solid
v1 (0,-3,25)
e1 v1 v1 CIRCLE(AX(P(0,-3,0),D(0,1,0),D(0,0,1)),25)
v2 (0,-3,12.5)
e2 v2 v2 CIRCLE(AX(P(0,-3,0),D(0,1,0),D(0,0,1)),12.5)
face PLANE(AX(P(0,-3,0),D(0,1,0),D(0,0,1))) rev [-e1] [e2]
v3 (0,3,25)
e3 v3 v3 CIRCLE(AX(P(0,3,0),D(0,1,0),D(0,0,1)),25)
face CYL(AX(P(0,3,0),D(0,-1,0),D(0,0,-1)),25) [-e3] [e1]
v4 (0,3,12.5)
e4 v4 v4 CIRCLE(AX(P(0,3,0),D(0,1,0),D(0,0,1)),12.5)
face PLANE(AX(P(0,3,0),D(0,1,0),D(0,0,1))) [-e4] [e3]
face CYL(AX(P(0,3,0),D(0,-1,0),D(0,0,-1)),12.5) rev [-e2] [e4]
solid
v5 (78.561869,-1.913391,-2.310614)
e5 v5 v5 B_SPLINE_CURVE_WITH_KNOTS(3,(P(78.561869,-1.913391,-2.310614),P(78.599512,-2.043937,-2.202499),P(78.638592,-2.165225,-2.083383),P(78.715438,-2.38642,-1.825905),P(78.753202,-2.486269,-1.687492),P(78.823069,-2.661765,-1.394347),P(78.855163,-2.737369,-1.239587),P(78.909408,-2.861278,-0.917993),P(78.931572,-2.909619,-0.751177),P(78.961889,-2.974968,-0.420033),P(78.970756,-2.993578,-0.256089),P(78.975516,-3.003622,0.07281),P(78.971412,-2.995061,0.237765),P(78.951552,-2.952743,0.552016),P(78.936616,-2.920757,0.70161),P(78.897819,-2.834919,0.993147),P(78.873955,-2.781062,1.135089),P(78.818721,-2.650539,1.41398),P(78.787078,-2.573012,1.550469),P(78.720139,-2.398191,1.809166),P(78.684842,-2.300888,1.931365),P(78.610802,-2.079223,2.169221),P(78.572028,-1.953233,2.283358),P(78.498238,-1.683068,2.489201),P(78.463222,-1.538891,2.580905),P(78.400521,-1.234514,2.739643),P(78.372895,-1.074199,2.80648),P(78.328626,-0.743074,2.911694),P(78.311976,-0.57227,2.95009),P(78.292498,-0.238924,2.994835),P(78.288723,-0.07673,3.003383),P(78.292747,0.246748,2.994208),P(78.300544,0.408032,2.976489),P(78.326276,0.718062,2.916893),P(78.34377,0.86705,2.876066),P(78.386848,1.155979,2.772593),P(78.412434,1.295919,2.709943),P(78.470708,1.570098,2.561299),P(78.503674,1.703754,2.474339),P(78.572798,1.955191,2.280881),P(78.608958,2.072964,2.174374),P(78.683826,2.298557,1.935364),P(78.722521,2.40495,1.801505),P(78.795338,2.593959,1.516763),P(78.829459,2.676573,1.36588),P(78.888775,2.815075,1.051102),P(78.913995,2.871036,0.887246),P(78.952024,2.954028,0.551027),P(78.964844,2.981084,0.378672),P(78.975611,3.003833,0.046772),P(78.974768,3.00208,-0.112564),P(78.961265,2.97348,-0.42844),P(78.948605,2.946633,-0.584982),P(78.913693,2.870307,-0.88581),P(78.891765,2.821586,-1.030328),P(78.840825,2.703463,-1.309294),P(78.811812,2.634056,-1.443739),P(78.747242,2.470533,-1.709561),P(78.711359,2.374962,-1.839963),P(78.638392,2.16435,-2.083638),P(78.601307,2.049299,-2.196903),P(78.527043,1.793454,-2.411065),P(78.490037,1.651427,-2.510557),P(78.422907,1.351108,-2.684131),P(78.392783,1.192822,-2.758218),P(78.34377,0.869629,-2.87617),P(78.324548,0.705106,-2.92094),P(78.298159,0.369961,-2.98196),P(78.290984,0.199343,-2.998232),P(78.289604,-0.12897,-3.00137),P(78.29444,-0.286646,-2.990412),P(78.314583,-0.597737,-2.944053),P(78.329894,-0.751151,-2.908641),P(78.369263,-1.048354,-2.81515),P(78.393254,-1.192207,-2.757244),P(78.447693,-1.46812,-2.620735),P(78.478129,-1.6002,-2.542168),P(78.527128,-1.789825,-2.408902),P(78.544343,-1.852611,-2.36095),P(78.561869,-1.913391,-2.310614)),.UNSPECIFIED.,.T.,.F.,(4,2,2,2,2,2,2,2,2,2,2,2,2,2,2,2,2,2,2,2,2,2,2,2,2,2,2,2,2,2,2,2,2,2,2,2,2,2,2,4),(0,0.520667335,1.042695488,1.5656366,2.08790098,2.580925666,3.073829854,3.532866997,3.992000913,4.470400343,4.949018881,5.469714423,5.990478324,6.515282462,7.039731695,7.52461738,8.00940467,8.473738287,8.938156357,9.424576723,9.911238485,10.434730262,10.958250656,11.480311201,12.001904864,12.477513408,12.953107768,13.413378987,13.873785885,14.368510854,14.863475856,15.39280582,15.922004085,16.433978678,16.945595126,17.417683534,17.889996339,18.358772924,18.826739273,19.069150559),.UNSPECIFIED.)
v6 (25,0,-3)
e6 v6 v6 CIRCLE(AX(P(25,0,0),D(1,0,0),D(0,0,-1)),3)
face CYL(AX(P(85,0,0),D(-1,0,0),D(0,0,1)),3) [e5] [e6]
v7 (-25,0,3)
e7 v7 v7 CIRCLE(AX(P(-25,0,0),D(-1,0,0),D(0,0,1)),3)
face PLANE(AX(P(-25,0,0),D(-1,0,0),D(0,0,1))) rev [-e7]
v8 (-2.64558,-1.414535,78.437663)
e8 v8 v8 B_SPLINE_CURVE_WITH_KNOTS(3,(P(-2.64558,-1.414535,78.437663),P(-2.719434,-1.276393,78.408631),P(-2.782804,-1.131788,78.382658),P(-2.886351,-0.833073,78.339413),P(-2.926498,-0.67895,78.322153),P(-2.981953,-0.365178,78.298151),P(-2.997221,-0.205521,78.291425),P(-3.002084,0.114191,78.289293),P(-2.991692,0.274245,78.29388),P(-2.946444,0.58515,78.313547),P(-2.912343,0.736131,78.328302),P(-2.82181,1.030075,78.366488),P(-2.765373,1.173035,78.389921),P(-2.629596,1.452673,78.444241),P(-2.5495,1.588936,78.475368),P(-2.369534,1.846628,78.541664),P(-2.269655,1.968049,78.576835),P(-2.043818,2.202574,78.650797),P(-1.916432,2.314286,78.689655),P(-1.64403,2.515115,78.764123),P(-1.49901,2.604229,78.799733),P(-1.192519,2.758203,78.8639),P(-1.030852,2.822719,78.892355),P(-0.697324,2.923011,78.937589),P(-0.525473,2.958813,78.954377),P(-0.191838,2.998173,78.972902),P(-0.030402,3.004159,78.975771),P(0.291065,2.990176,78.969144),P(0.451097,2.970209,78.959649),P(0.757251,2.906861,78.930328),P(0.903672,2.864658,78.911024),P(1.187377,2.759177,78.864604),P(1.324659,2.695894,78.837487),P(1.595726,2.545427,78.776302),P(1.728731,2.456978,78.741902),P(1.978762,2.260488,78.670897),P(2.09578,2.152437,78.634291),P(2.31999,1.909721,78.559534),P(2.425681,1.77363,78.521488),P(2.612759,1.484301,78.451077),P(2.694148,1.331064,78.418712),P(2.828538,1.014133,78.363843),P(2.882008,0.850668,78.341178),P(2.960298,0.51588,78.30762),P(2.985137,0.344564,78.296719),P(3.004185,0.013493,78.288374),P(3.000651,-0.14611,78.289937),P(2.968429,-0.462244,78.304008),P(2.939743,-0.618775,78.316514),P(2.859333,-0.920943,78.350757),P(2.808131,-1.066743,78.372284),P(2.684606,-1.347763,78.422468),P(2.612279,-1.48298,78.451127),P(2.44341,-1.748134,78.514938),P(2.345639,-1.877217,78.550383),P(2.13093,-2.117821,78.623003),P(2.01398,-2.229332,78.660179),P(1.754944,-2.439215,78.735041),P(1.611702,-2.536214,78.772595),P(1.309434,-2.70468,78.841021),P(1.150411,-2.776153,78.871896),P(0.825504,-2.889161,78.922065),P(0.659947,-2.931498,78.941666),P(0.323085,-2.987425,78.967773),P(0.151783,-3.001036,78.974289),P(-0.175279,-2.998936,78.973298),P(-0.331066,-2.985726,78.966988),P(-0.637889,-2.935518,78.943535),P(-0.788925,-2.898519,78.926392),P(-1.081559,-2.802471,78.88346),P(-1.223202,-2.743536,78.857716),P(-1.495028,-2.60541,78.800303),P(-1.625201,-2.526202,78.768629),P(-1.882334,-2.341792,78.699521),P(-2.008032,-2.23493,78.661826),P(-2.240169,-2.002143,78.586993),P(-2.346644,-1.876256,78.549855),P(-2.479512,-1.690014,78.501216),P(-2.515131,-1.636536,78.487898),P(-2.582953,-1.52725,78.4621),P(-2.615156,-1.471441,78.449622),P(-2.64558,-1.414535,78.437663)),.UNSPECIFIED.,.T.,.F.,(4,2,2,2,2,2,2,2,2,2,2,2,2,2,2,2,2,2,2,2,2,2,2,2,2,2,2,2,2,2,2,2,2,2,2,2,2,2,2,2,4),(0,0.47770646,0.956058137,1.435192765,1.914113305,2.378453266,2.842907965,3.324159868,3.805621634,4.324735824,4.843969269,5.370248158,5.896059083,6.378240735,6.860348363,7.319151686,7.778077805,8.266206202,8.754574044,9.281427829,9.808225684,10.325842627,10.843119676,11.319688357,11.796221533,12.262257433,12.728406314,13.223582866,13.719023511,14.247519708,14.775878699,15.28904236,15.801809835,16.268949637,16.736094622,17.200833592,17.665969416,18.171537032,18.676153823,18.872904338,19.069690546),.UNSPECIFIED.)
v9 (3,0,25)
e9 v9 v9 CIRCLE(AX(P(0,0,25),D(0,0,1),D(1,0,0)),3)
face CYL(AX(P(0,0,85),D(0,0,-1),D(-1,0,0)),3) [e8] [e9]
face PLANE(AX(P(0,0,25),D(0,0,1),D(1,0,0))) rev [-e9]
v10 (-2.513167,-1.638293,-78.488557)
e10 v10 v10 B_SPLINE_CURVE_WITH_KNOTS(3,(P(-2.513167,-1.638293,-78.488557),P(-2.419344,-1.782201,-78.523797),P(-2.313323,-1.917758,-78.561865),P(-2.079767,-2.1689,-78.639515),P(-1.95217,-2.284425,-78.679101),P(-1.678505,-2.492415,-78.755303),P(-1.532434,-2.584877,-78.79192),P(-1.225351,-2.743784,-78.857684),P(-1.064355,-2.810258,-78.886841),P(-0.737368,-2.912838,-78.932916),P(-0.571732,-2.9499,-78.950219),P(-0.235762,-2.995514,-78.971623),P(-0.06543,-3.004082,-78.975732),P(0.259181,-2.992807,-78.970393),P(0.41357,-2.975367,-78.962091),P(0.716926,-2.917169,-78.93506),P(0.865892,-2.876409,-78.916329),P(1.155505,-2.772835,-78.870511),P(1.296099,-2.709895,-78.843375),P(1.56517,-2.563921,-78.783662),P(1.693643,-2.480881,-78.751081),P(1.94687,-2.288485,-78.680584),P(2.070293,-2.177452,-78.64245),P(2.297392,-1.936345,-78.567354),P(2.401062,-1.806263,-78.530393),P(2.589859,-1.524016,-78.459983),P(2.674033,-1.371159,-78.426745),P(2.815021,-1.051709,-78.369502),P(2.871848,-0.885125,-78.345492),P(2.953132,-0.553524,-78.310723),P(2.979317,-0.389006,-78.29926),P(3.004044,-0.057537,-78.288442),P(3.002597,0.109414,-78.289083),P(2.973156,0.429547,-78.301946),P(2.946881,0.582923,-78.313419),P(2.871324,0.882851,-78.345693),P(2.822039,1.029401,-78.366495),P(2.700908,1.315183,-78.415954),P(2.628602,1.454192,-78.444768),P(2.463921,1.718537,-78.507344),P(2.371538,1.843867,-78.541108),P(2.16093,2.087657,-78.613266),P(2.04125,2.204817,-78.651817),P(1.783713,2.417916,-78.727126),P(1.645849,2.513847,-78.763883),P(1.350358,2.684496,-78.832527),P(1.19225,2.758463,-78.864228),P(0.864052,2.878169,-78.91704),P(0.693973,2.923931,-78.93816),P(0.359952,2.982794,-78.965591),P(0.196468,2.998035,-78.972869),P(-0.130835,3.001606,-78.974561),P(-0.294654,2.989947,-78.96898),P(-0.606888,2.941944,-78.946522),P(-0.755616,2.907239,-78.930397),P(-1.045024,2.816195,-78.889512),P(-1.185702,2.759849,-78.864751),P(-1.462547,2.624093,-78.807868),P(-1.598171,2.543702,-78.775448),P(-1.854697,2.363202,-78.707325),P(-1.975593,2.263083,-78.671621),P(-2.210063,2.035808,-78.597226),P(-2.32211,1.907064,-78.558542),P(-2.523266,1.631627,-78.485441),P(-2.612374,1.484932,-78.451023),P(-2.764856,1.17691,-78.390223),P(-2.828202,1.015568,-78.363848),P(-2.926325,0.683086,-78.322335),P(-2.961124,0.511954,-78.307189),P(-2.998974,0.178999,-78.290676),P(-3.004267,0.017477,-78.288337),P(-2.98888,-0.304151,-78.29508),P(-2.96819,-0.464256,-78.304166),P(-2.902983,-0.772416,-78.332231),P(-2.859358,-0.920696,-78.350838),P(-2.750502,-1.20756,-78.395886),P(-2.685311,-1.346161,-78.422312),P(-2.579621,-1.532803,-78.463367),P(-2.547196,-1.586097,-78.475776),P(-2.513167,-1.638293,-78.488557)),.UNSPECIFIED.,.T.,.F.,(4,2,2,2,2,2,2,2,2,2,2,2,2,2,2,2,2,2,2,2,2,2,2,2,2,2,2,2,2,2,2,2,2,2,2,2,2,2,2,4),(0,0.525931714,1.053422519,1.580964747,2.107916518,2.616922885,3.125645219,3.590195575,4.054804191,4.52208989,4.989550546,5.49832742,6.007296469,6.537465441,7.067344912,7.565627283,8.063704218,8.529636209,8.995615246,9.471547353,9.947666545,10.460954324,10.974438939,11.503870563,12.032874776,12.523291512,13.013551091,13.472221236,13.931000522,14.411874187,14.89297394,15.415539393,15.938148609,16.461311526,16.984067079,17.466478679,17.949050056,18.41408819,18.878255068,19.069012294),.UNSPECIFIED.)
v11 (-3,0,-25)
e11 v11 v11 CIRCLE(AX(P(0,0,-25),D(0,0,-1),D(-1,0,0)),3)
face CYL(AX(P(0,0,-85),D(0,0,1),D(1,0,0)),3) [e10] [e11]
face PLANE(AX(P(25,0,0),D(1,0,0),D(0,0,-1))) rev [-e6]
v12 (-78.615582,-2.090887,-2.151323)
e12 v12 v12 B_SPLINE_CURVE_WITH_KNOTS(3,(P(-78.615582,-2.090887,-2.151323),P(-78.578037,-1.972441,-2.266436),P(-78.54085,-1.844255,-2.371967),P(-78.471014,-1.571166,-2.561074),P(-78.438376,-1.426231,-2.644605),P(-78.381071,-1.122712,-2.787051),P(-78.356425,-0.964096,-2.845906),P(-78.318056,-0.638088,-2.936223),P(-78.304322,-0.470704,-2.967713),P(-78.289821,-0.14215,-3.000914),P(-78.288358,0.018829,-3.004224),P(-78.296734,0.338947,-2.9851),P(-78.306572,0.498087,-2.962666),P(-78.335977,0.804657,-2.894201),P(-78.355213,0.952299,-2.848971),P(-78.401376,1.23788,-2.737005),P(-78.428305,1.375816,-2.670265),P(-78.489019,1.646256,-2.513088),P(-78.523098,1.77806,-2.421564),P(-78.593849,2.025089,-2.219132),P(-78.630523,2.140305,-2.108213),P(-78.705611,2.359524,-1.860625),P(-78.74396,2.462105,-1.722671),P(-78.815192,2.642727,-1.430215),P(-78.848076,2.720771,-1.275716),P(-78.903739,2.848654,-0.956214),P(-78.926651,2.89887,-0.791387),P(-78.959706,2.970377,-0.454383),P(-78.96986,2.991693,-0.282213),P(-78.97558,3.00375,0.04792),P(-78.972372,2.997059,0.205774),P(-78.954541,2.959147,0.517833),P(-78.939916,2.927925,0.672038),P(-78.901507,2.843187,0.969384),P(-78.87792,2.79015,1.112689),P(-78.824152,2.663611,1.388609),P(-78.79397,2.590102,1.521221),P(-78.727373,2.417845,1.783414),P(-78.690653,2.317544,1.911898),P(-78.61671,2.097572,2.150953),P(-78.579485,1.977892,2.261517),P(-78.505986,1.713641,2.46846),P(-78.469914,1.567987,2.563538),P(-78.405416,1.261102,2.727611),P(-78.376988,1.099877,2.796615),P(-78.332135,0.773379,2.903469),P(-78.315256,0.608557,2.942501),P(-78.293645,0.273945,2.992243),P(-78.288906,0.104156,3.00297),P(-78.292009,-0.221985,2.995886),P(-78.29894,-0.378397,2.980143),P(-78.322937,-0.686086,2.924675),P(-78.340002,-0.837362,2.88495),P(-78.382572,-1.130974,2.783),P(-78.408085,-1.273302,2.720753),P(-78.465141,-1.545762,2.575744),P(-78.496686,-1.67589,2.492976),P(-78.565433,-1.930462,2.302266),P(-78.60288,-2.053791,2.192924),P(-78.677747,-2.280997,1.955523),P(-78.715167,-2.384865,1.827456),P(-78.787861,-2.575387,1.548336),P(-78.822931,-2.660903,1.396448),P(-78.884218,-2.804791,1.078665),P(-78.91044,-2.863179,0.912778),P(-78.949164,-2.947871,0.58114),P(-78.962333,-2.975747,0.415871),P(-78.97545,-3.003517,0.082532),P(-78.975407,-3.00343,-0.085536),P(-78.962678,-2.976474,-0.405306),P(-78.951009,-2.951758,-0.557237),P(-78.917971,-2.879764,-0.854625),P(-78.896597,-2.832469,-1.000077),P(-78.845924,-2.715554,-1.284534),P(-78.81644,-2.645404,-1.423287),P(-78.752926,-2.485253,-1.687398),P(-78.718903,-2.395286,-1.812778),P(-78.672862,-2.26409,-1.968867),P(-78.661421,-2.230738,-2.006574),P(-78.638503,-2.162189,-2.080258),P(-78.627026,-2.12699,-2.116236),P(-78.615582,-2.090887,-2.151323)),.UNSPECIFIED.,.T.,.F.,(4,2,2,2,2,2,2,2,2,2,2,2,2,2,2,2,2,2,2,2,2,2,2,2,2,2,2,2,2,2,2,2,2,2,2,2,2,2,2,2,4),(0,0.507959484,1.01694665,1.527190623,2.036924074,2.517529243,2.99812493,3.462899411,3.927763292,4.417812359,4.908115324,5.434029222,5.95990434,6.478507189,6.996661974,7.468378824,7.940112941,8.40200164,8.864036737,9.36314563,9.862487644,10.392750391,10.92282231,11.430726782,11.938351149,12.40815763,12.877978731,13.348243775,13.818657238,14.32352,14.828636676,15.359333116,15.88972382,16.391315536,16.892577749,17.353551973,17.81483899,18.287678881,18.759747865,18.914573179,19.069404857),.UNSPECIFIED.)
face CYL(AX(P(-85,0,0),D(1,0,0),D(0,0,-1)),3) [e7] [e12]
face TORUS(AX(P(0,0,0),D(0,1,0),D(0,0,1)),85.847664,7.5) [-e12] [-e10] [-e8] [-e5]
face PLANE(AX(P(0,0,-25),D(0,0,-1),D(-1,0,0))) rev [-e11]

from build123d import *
from build123d.topology import SkipClean

# Parameters (mm, degrees)
SKETCH1_R           = 7.5
SKETCH7_R           = 25
SKETCH7_R_2         = 12.5
BOSS_EXTRUDE1_DEPTH = 3
SKETCH9_R           = 3
BOSS_EXTRUDE2_DEPTH = 60
CIRPATTERN1_COUNT   = 4


with BuildPart() as part:
    # Sketch1 → Revolve1 (revolve)
    with BuildSketch(Plane(origin=(0, 0, 0), x_dir=(0, 0, -1), z_dir=(1, 0, 0)), mode=Mode.PRIVATE) as revolve1_sk:
        with Locations((85.847663828, 0)):
            Circle(SKETCH1_R)
    revolve(revolve1_sk.sketch.rotate(Axis((0, 23.315247053, 0), (0, -1, 0)), 180), axis=Axis((0, 23.315247053, 0), (0, -1, 0)))

    # Sketch9 → Boss-Extrude2 (add)
    with SkipClean():  # the faces are left unmerged after this step: merging them gives an invalid solid
        with BuildSketch(Plane(origin=(25, 0, 0), x_dir=(0, 0, -1), z_dir=(1, 0, 0))):
            with Locations(Location((0, 0, 0), (0, 0, 320.372268836))):
                Circle(SKETCH9_R)
        boss_extrude2 = extrude(amount=BOSS_EXTRUDE2_DEPTH)

    # CirPattern1: Boss-Extrude2 ×4 about axis
    with SkipClean():  # the faces are left unmerged after this step: merging them gives an invalid solid
        cirpattern1_axis = Axis((0, 0, 0), (0, 1, 0))
        for i in range(1, CIRPATTERN1_COUNT):
            add(boss_extrude2.rotate(cirpattern1_axis, i * 360 / CIRPATTERN1_COUNT))


with BuildPart() as body_2:
    # Sketch7 → Boss-Extrude1 (new, symmetric)
    with BuildSketch(Plane(origin=(0, 0, 0), x_dir=(1, 0, 0), z_dir=(0, 1, 0))):
        with Locations(Location((0, 0, 0), (0, 0, 270))):
            Circle(SKETCH7_R)
        with Locations(Location((0, 0, 0), (0, 0, 270))):
            Circle(SKETCH7_R_2, mode=Mode.SUBTRACT)
    extrude(amount=BOSS_EXTRUDE1_DEPTH, both=True)


solid = Compound([part.part, body_2.part])
